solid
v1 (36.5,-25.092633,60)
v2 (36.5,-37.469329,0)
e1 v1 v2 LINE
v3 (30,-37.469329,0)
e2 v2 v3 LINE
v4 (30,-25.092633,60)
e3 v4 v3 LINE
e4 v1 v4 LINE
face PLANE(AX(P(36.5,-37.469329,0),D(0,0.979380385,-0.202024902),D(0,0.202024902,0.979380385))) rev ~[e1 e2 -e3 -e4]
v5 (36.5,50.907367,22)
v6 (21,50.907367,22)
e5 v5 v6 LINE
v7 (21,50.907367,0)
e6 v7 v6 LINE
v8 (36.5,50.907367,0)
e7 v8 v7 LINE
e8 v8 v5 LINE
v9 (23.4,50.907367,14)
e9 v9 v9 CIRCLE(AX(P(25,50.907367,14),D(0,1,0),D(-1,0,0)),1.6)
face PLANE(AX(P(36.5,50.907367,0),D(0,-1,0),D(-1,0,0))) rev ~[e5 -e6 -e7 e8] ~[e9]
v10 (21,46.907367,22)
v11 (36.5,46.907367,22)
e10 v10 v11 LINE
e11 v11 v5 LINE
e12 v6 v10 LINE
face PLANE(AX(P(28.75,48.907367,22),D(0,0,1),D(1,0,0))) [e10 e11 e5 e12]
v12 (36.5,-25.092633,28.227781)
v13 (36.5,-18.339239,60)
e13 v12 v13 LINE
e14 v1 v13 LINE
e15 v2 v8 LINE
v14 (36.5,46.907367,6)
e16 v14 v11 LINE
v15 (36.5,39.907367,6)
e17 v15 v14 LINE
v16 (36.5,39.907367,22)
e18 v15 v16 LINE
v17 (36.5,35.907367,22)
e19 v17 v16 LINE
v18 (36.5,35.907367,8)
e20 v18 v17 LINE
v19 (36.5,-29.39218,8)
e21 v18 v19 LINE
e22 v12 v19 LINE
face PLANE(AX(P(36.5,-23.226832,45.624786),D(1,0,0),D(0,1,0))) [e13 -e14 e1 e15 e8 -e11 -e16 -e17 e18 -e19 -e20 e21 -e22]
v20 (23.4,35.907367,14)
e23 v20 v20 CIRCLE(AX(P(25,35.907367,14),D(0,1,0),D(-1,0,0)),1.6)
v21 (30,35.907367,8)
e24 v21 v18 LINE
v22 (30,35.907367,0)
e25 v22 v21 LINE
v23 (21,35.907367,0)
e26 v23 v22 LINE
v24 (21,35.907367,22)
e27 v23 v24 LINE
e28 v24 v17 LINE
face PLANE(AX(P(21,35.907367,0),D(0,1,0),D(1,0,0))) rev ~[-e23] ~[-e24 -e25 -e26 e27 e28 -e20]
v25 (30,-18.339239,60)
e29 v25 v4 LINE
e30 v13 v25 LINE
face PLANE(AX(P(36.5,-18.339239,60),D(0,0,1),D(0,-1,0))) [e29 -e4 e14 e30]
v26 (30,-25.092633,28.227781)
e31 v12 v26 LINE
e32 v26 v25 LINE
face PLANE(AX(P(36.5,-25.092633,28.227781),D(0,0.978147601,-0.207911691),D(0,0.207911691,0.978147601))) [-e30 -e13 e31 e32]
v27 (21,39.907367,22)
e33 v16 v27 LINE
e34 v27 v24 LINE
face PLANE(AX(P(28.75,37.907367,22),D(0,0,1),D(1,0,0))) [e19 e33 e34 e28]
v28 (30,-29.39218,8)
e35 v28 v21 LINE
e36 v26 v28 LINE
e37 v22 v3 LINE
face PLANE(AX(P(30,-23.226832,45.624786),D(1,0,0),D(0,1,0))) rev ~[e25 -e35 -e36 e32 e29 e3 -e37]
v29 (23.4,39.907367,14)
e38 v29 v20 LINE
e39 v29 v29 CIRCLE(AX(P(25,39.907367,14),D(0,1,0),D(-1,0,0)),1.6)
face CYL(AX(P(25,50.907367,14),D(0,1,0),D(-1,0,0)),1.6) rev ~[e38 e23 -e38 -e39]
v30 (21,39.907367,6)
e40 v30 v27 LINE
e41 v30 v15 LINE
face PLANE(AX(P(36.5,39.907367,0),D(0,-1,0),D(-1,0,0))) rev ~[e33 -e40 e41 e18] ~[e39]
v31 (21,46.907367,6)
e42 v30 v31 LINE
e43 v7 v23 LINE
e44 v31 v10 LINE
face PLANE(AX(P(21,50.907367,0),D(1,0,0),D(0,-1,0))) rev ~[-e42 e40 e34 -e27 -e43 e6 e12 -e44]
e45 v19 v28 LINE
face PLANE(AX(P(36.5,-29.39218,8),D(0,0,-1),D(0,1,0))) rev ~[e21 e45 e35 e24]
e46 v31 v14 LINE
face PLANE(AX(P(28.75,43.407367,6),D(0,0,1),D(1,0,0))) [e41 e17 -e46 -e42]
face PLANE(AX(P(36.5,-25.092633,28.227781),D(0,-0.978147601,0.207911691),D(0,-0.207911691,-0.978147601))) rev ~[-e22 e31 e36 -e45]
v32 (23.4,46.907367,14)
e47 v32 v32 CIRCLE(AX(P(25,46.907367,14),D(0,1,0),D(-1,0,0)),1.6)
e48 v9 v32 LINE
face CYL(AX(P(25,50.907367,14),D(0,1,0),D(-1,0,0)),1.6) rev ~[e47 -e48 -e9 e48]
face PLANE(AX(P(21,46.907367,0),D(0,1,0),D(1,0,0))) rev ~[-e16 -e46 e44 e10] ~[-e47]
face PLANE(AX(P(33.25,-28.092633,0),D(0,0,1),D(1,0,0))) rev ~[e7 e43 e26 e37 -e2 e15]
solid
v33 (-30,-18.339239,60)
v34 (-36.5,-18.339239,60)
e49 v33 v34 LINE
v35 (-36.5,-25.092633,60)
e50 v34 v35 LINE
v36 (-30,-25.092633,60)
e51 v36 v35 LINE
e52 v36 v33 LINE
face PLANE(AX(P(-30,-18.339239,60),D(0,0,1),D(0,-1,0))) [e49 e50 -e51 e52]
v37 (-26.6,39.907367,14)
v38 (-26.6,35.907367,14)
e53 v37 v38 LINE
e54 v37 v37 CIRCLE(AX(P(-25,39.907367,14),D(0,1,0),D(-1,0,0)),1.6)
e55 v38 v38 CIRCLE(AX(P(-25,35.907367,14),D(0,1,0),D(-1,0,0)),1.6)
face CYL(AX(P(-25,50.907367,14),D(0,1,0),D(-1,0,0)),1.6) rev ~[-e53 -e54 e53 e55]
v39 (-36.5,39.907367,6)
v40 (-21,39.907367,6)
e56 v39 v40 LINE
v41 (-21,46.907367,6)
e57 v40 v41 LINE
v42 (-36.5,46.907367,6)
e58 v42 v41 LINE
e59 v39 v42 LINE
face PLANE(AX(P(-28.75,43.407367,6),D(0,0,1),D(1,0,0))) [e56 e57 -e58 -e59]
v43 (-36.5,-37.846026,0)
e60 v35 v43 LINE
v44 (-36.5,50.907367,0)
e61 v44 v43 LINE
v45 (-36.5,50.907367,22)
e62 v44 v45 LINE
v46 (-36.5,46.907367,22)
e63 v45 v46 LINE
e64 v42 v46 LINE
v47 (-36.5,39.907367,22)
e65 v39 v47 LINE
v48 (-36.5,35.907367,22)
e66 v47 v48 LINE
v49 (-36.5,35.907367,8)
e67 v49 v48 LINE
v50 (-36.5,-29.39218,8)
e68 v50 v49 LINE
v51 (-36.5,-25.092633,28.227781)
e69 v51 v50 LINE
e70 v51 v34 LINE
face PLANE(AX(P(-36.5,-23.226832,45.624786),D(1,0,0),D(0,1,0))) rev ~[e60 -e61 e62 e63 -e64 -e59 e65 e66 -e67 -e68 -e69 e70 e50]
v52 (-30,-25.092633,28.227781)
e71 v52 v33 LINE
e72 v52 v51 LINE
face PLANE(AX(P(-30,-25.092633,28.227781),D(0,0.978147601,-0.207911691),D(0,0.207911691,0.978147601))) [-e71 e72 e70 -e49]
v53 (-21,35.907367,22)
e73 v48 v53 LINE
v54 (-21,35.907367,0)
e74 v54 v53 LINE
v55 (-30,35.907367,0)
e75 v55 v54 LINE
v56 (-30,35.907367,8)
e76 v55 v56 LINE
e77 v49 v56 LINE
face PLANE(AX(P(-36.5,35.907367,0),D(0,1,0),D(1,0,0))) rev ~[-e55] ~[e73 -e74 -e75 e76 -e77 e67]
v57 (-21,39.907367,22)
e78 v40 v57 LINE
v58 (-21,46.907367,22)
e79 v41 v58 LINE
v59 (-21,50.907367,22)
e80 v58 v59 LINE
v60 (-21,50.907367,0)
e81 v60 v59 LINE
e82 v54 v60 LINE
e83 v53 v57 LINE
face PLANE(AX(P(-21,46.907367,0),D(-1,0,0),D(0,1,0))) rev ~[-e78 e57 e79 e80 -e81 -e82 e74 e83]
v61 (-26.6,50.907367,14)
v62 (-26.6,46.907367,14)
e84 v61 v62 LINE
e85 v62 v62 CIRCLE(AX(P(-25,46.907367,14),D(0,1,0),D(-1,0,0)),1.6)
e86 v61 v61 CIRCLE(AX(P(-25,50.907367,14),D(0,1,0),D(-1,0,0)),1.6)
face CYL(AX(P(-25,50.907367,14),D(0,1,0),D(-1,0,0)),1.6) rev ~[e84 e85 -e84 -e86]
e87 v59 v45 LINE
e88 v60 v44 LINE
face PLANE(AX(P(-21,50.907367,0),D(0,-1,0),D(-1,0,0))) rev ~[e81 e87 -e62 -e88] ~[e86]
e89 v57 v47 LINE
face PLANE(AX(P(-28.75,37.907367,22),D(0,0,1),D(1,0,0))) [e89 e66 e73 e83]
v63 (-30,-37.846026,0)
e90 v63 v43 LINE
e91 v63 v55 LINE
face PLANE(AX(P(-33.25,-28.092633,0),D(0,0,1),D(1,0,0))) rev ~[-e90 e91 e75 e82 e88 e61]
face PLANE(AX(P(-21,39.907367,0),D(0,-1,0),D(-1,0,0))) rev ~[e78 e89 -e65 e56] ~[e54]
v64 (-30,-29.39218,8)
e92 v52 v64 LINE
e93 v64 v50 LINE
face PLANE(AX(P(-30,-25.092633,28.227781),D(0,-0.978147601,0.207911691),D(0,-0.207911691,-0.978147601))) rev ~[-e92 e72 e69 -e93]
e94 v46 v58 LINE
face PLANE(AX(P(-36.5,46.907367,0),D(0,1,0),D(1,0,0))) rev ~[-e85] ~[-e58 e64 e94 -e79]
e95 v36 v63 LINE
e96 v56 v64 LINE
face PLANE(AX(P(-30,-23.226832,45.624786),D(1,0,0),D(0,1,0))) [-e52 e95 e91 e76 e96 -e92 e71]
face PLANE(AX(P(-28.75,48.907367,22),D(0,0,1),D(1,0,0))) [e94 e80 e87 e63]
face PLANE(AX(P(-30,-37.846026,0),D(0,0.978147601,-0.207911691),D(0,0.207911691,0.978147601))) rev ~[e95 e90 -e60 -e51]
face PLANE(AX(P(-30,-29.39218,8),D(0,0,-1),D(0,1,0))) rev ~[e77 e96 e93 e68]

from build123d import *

# Parameters (mm, degrees)
F0_W      = 15.5
F0_H      = 7
F1_DEPTH  = 6
F2_DEPTH  = 22
F0_W_2    = 6.5
F0_H_2    = 61
F3_DEPTH  = 8
F0_H_3    = 6
F4_DEPTH  = 60
F5_DEPTH  = 6
F6_DEPTH  = 22
F7_DEPTH  = 8
F8_DEPTH  = 60
F9_R      = 1.6
F10_DEPTH = 82.001
F11_DEPTH = 82.001
F13_DEPTH = 6.5
F14_DEPTH = 6.5
F16_DEPTH = 6.5
F17_DEPTH = 6.5


with BuildPart() as f1:
    # F0 (on Top) → F1 (new body)
    with BuildSketch(Plane.XY):
        with Locations((-28.75, 43.4073674564)):
            Rectangle(F0_W, F0_H)
    extrude(amount=F1_DEPTH)

    # F0 (on Top) → F2 (join)
    with BuildSketch(Plane.XY):
        Polygon((-21, 50.9073674564), (-30, 50.9073674564), (-36.5, 50.9073674564), (-36.5, 46.9073674564), (-21, 46.9073674564), align=None)
        Polygon((-21, 39.9073674564), (-36.5, 39.9073674564), (-36.5, 35.9073674564), (-30, 35.9073674564), (-21, 35.9073674564), align=None)
    extrude(amount=F2_DEPTH)

    # F0 (on Top) → F3 (join)
    with BuildSketch(Plane.XY):
        with Locations((-33.25, 5.4073674564)):
            Rectangle(F0_W_2, F0_H_2)
    extrude(amount=F3_DEPTH)

    # F0 (on Top) → F4 (join)
    with BuildSketch(Plane.XY):
        with Locations((-33.25, -28.0926325436)):
            Rectangle(F0_W_2, F0_H_3)
    extrude(amount=F4_DEPTH)

    # F9 (on face) → F11 (cut, through all)
    with BuildSketch(Plane(origin=(0, 50.9073674564, 0), x_dir=(-1, 0, 0), z_dir=(0, 1, 0))):
        with Locations((25, 14)):
            Circle(F9_R)
    extrude(amount=-F11_DEPTH, mode=Mode.SUBTRACT)

    # F12 (on face) → F13 (join)
    with BuildSketch(Plane.YZ.offset(-30)):
        Polygon((-18.3392388434, 60), (-25.0926325436, 60), (-25.0926325436, 28.2277806569), align=None)
        Polygon((-25.0926325436, 60), (-31.0926325436, 31.7722193431), (-31.0926325436, 0), (-29.3921800502, 8), (-25.0926325436, 28.2277806569), align=None)
        Polygon((-31.0926325436, 0), (-31.0926325436, 31.7722193431), (-37.8460262438, 0), align=None)
        Polygon((-29.3921800502, 8), (-31.0926325436, 0), (-25.0926325436, 0), (-25.0926325436, 8), align=None)
    extrude(amount=-F13_DEPTH)

    # F12 (on face) → F14 (cut)
    with BuildSketch(Plane.YZ.offset(-30)):
        Polygon((-25.0926325436, 60), (-31.0926325436, 60), (-31.0926325436, 31.7722193431), align=None)
        Polygon((-31.0926325436, 31.7722193431), (-31.0926325436, 60), (-43.8460262438, 0), (-37.8460262438, 0), align=None)
        Polygon((-25.0926325436, 8), (-25.0926325436, 28.2277806569), (-29.3921800502, 8), align=None)
    extrude(amount=-F14_DEPTH, mode=Mode.SUBTRACT)


with BuildPart() as f5:
    # F0 (on Top) → F5 (new body)
    with BuildSketch(Plane.XY):
        with Locations((28.75, 43.4073674564)):
            Rectangle(F0_W, F0_H)
    extrude(amount=F5_DEPTH)

    # F0 (on Top) → F6 (join)
    with BuildSketch(Plane.XY):
        Polygon((21, 46.9073674564), (36.5, 46.9073674564), (36.5, 50.9073674564), (30, 50.9073674564), (21, 50.9073674564), align=None)
        Polygon((30, 35.9073674564), (36.5, 35.9073674564), (36.5, 39.9073674564), (21, 39.9073674564), (21, 35.9073674564), align=None)
    extrude(amount=F6_DEPTH)

    # F0 (on Top) → F7 (join)
    with BuildSketch(Plane.XY):
        with Locations((33.25, 5.4073674564)):
            Rectangle(F0_W_2, F0_H_2)
    extrude(amount=F7_DEPTH)

    # F0 (on Top) → F8 (join)
    with BuildSketch(Plane.XY):
        with Locations((33.25, -28.0926325436)):
            Rectangle(F0_W_2, F0_H_3)
    extrude(amount=F8_DEPTH)

    # F9 (on face) → F10 (cut, through all)
    with BuildSketch(Plane(origin=(0, 50.9073674564, 0), x_dir=(-1, 0, 0), z_dir=(0, 1, 0))):
        with Locations((-25, 14)):
            Circle(F9_R)
    extrude(amount=-F10_DEPTH, mode=Mode.SUBTRACT)

    # F15 (on face) → F16 (join)
    with BuildSketch(Plane.YZ.offset(36.5)):
        Polygon((-18.3392388434, 60), (-25.0926325436, 60), (-25.0926325436, 28.2277806569), align=None)
        Polygon((-25.0926325436, 60), (-31.0926325436, 30.9130792844), (-31.0926325436, 0), (-29.3921800502, 8), (-25.0926325436, 28.2277806569), align=None)
        Polygon((-31.0926325436, 0), (-31.0926325436, 30.9130792844), (-37.4693293937, 0), align=None)
    extrude(amount=-F16_DEPTH)

    # F15 (on face) → F17 (cut)
    with BuildSketch(Plane.YZ.offset(36.5)):
        Polygon((-25.0926325436, 60), (-31.0926325436, 60), (-31.0926325436, 30.9130792844), align=None)
        Polygon((-31.0926325436, 30.9130792844), (-31.0926325436, 60), (-43.8460262438, 0), (-37.4693293937, 0), align=None)
        Polygon((-25.0926325436, 8), (-25.0926325436, 28.2277806569), (-29.3921800502, 8), align=None)
    extrude(amount=-F17_DEPTH, mode=Mode.SUBTRACT)


solid = Compound([f1.part, f5.part])
